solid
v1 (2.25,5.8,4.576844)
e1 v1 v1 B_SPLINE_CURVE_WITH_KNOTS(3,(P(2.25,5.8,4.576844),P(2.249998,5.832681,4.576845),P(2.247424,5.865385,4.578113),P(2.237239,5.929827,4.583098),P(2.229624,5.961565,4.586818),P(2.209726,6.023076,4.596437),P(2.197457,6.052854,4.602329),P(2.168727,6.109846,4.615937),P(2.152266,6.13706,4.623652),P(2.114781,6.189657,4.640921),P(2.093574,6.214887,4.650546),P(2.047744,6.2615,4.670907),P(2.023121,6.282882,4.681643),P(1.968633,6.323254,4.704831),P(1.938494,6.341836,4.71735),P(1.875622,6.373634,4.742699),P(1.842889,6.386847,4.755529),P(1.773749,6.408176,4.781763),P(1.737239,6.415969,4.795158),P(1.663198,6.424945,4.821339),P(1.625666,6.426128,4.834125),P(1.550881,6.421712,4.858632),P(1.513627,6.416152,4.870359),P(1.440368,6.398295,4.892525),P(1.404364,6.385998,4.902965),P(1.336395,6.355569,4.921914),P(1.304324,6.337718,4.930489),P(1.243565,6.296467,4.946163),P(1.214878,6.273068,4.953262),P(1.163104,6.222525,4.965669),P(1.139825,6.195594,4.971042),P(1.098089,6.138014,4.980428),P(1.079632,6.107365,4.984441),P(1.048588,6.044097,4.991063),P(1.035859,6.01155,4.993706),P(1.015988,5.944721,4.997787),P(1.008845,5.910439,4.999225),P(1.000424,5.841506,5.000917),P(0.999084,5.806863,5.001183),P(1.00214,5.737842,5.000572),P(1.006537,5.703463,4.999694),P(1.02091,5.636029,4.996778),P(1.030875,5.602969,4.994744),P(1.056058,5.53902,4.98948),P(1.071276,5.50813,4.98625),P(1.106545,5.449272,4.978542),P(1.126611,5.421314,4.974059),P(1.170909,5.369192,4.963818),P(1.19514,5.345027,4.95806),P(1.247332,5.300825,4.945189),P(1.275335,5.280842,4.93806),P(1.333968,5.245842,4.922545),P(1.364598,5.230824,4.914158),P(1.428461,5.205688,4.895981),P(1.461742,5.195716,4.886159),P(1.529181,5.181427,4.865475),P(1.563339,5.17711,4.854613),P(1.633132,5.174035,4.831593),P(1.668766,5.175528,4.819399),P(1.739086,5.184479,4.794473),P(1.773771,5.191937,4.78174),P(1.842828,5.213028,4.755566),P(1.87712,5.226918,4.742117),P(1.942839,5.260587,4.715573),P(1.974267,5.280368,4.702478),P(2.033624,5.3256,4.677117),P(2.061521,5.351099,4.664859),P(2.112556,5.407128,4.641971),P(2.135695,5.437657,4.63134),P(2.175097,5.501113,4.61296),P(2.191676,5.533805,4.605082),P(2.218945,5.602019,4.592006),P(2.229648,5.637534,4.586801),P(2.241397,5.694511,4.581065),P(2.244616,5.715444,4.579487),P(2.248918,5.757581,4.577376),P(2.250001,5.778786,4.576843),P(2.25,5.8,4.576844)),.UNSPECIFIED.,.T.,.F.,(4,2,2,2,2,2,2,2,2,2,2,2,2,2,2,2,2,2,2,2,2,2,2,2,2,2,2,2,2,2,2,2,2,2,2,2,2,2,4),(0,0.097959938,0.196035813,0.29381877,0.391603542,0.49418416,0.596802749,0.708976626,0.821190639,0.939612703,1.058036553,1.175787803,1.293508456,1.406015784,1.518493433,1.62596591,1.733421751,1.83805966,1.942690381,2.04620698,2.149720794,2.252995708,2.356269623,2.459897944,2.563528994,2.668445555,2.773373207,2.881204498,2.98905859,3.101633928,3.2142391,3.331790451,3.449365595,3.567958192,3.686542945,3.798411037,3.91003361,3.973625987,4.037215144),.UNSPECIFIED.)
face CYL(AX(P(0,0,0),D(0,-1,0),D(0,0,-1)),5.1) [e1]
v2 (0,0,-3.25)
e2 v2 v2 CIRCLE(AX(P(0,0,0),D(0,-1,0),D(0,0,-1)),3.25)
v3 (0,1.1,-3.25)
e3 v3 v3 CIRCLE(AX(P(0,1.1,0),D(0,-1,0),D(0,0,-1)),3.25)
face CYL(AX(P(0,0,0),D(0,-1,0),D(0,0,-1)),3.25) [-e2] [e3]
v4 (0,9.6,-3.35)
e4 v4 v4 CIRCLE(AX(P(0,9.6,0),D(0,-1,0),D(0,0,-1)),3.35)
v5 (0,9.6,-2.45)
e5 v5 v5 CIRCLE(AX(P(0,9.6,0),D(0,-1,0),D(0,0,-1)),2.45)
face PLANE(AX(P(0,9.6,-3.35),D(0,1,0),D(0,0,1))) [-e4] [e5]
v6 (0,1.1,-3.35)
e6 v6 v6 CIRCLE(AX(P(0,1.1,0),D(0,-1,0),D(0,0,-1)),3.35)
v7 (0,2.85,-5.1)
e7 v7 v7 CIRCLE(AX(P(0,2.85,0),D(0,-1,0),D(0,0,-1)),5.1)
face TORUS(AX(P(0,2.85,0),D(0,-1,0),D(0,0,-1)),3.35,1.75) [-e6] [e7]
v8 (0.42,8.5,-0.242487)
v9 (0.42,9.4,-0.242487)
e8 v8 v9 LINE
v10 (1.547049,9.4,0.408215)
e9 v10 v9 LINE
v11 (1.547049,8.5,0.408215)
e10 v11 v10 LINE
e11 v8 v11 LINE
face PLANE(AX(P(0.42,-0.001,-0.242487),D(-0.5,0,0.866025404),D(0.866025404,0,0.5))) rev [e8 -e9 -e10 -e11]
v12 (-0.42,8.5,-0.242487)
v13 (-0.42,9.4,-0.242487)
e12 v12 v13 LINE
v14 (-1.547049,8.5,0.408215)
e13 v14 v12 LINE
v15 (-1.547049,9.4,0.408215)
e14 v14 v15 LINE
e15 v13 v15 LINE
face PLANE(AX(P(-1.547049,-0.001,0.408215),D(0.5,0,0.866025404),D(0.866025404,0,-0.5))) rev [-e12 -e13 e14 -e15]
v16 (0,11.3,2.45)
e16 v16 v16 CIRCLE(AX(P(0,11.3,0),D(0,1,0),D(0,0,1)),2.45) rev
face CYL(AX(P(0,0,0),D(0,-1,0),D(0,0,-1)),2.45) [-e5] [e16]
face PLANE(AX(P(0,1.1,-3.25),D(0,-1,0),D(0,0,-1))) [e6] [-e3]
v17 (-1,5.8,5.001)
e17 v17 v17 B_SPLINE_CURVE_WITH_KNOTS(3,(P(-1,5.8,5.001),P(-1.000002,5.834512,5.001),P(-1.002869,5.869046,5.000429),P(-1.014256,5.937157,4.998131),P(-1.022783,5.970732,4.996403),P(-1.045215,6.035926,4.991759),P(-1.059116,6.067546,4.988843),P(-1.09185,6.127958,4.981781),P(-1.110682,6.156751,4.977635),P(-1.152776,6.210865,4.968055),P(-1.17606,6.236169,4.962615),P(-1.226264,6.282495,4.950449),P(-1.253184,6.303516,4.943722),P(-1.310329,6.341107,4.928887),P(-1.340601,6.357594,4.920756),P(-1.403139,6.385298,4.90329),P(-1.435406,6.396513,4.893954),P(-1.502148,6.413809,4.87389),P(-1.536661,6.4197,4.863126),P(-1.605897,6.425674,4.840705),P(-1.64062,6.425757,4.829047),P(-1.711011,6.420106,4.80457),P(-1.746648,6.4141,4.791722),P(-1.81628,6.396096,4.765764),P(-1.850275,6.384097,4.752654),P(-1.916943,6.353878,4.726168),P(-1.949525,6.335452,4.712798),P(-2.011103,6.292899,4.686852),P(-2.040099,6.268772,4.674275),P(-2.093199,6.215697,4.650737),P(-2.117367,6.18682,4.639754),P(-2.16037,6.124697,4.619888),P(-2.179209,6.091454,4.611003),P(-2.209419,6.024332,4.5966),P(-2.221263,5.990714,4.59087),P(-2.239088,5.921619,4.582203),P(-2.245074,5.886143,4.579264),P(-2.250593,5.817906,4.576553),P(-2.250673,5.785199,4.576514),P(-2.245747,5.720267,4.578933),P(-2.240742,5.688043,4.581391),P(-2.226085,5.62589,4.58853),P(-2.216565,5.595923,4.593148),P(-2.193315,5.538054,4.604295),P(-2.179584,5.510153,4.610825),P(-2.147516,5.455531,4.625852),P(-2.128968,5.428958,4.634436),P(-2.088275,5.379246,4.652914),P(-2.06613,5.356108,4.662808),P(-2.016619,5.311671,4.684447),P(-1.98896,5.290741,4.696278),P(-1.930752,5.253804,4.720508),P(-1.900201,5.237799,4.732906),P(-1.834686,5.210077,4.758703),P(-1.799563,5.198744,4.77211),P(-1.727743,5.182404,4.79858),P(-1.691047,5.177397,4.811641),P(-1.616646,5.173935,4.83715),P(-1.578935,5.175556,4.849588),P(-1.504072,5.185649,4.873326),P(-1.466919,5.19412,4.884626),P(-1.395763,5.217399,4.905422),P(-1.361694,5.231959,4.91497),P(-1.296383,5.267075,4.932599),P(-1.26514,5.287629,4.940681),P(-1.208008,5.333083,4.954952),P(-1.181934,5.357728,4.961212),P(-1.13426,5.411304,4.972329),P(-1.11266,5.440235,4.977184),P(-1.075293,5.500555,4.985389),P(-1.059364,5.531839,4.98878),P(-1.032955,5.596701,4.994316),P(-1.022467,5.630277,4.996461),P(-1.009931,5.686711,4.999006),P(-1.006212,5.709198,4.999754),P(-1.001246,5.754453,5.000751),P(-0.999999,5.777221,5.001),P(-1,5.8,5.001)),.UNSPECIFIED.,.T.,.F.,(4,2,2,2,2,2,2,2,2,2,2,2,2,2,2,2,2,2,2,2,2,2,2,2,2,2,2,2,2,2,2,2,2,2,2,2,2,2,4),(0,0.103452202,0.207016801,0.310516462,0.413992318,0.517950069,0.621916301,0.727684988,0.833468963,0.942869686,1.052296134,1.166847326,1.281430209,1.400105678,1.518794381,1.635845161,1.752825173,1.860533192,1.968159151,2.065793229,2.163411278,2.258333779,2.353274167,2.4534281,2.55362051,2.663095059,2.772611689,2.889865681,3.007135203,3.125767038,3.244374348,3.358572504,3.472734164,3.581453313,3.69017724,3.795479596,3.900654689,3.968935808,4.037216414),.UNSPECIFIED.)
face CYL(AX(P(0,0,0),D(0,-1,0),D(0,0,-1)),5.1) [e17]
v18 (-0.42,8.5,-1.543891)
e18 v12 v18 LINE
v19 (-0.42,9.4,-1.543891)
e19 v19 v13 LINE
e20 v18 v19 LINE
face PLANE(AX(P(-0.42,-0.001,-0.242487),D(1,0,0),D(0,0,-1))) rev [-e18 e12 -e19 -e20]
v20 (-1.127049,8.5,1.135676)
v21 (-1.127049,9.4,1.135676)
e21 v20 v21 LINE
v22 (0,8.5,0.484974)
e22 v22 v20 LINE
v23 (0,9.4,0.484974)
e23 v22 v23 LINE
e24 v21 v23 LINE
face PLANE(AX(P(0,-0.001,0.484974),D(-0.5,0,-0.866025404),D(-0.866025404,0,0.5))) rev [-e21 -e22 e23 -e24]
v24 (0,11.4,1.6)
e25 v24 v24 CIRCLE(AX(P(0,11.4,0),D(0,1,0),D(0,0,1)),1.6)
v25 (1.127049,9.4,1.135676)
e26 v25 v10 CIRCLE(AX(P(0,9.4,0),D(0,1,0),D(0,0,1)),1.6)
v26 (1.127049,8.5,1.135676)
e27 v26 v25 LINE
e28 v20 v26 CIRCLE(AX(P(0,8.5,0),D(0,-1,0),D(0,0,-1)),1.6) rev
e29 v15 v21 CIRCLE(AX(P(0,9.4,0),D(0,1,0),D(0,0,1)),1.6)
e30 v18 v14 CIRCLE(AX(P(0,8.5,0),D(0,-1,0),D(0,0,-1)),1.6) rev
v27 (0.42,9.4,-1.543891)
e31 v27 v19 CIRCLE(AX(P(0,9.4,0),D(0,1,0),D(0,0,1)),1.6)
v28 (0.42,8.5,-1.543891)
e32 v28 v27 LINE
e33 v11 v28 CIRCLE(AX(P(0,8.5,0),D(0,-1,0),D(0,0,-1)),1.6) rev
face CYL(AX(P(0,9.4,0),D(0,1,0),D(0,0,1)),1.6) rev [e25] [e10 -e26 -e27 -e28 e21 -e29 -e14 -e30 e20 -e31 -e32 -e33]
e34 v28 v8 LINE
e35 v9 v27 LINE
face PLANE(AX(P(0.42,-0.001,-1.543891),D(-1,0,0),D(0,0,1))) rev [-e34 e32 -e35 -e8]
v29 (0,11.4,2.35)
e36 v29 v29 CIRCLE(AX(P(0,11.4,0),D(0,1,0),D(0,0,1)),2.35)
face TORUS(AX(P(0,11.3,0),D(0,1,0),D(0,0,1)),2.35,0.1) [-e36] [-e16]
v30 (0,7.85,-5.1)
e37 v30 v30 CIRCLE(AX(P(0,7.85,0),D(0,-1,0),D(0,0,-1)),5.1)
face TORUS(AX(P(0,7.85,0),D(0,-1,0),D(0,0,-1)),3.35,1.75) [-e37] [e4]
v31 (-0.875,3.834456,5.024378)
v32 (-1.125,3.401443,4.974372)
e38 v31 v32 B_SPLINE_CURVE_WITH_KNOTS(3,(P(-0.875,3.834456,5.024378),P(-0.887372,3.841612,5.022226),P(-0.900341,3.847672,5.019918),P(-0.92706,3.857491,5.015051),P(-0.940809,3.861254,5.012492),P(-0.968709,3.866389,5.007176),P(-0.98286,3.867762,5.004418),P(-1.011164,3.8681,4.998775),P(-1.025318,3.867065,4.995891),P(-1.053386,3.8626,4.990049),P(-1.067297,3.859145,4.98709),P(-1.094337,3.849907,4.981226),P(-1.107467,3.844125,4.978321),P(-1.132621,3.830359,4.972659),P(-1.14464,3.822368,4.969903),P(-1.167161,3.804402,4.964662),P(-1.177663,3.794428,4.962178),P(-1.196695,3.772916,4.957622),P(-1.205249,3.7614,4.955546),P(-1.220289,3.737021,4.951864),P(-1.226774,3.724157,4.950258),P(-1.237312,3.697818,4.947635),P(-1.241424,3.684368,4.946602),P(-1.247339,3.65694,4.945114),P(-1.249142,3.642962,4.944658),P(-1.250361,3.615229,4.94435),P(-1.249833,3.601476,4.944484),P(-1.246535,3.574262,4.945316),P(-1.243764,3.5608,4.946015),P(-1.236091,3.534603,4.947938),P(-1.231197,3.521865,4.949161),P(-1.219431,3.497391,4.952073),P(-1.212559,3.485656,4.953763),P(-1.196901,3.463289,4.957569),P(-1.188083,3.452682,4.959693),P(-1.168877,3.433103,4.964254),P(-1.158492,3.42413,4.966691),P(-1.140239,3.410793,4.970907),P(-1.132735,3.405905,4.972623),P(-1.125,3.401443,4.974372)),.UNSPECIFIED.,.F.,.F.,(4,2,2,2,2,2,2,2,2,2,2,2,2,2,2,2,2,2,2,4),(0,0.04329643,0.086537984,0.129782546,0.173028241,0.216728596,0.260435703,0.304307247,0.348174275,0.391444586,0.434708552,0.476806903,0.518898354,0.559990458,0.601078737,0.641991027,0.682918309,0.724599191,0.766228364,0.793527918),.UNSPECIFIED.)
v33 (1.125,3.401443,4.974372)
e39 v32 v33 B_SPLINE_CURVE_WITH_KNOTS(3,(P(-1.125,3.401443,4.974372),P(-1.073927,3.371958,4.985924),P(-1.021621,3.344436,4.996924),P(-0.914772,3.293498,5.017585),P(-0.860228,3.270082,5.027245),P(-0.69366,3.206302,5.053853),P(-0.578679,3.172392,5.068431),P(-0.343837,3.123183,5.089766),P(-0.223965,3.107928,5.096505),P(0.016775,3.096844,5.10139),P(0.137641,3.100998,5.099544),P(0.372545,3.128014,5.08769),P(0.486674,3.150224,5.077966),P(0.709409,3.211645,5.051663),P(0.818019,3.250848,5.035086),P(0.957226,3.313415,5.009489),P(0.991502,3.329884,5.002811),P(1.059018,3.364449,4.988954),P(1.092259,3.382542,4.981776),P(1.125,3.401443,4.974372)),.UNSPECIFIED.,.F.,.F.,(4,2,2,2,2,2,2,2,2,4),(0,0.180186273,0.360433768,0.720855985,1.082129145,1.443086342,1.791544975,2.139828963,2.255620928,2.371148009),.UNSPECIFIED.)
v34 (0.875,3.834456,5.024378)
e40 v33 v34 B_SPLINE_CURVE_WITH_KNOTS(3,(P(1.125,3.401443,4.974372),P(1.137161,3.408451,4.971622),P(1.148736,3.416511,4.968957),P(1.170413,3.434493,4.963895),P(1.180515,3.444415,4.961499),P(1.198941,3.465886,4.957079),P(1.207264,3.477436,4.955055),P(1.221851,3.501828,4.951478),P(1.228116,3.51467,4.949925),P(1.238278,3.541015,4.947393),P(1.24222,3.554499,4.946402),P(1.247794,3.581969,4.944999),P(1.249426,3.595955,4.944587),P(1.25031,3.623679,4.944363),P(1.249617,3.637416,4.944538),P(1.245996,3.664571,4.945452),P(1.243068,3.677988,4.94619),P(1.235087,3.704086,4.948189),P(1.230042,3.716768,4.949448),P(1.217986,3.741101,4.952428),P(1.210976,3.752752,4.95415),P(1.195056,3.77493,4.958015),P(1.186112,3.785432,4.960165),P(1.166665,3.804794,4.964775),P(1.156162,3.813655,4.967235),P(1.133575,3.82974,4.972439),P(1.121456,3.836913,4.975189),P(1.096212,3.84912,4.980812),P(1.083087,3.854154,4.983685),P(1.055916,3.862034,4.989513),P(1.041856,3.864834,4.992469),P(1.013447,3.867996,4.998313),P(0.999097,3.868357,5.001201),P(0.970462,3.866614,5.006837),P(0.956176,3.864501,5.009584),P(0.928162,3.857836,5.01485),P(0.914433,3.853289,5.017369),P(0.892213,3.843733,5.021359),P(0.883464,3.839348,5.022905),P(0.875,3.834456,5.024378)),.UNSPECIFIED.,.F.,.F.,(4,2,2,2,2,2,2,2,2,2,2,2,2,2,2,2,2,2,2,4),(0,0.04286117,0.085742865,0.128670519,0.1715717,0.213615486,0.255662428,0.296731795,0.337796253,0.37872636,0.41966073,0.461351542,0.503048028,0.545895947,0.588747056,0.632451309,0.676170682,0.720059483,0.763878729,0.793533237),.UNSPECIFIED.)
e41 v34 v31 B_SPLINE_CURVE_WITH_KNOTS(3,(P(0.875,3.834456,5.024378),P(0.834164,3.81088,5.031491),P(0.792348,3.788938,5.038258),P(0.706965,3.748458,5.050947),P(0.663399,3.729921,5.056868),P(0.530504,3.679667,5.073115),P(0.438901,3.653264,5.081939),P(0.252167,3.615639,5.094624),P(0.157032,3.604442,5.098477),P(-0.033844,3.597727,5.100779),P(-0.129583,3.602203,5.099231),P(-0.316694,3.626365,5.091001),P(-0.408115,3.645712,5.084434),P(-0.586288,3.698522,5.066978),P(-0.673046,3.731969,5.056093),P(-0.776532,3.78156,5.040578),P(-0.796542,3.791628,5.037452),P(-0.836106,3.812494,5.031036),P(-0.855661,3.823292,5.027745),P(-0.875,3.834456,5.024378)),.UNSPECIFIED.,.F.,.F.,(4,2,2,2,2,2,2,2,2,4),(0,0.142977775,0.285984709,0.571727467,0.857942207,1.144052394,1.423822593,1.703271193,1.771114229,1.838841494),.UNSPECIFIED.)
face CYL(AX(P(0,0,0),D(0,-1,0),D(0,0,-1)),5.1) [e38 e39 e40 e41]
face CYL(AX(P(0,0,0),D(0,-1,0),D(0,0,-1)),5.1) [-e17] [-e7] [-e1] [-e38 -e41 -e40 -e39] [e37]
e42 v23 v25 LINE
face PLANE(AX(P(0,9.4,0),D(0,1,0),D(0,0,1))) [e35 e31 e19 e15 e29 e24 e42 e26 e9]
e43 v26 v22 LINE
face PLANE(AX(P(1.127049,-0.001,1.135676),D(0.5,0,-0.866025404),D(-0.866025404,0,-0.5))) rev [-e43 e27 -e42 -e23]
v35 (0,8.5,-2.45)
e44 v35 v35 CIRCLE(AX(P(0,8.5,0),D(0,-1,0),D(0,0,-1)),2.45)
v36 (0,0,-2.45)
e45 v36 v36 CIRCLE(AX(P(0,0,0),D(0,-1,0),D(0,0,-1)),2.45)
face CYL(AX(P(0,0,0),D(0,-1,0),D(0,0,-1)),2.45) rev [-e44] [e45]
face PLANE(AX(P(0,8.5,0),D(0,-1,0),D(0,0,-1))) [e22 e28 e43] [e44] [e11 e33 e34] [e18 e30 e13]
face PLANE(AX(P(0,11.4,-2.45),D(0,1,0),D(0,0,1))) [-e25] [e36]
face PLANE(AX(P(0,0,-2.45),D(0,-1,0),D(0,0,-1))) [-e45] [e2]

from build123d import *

# Parameters (mm, degrees)
SKETCH4_R          = 1.6
CUT_EXTRUDE1_DEPTH = 2
CUT_EXTRUDE2_REACH = 15.49
CIRPATTERN1_COUNT  = 3
FILLET1_R          = 0.1


with BuildPart() as part:
    # Sketch2 → Revolve1 (revolve)
    with BuildSketch(Plane(origin=(0, 0, 0), x_dir=(0, 0, -1), z_dir=(1, 0, 0))):
        with BuildLine():
            Line((2.45, 0), (3.25, 0))
            Line((3.25, 0), (3.25, 1.1))
            Line((3.25, 1.1), (3.35, 1.1))
            ThreePointArc((3.35, 1.1), (4.587436867, 1.612563133), (5.1, 2.85))
            Line((5.1, 2.85), (5.1, 7.85))
            ThreePointArc((5.1, 7.85), (4.587436867, 9.087436867), (3.35, 9.6))
            Line((3.35, 9.6), (2.45, 9.6))
            Line((2.45, 9.6), (2.45, 11.4))
            Line((2.45, 11.4), (0, 11.4))
            Line((0, 11.4), (0, 8.5))
            Line((0, 8.5), (2.45, 8.5))
            Line((2.45, 8.5), (2.45, 0))
        make_face()
    revolve(axis=Axis((0, 0, 0), (0, 1, 0)))

    # Sketch4 → Cut-Extrude1 (cut)
    with BuildSketch(Plane(origin=(0, 11.4, 0), x_dir=(1, 0, 0), z_dir=(0, 1, 0))):
        with Locations(Location((0, 0, 0), (0, 0, 270))):
            Circle(SKETCH4_R)
    extrude(amount=-CUT_EXTRUDE1_DEPTH, mode=Mode.SUBTRACT)

    # Sketch5 → Cut-Extrude2 (cut, up to next)
    with BuildSketch(Plane(origin=(0, 11.4, 0), x_dir=(1, 0, 0), z_dir=(0, 1, 0)), mode=Mode.PRIVATE) as cut_extrude2_sk1:
        with BuildLine():
            Line((-1.547048989, -0.408214924), (-0.42, 0.242487113))
            Line((-0.42, 0.242487113), (-0.42, 1.543891188))
            ThreePointArc((-0.42, 1.543891188), (-1.385640646, 0.8), (-1.547048989, -0.408214924))
        make_face()
    cut_extrude2_tool1 = extrude(cut_extrude2_sk1.sketch, amount=-CUT_EXTRUDE2_REACH, mode=Mode.PRIVATE) & part.part
    cut_extrude2 = cut_extrude2_tool1.solids().sort_by_distance((-0.969614, 11.4, -0.559807))[0]
    add(cut_extrude2, mode=Mode.SUBTRACT)

    # CirPattern1: Cut-Extrude2 ×3 about axis
    cirpattern1_axis = Axis((0, 0, 0), (0, 1, 0))
    for i in range(1, CIRPATTERN1_COUNT):
        add(cut_extrude2.rotate(cirpattern1_axis, i * 360 / CIRPATTERN1_COUNT), mode=Mode.SUBTRACT)

    # Fillet1
    fillet1_edges = [part.edges().sort_by_distance(p)[0] for p in [
        (0, 11.4, 2.45),
    ]]
    fillet(fillet1_edges, radius=FILLET1_R)


solid = part.part
